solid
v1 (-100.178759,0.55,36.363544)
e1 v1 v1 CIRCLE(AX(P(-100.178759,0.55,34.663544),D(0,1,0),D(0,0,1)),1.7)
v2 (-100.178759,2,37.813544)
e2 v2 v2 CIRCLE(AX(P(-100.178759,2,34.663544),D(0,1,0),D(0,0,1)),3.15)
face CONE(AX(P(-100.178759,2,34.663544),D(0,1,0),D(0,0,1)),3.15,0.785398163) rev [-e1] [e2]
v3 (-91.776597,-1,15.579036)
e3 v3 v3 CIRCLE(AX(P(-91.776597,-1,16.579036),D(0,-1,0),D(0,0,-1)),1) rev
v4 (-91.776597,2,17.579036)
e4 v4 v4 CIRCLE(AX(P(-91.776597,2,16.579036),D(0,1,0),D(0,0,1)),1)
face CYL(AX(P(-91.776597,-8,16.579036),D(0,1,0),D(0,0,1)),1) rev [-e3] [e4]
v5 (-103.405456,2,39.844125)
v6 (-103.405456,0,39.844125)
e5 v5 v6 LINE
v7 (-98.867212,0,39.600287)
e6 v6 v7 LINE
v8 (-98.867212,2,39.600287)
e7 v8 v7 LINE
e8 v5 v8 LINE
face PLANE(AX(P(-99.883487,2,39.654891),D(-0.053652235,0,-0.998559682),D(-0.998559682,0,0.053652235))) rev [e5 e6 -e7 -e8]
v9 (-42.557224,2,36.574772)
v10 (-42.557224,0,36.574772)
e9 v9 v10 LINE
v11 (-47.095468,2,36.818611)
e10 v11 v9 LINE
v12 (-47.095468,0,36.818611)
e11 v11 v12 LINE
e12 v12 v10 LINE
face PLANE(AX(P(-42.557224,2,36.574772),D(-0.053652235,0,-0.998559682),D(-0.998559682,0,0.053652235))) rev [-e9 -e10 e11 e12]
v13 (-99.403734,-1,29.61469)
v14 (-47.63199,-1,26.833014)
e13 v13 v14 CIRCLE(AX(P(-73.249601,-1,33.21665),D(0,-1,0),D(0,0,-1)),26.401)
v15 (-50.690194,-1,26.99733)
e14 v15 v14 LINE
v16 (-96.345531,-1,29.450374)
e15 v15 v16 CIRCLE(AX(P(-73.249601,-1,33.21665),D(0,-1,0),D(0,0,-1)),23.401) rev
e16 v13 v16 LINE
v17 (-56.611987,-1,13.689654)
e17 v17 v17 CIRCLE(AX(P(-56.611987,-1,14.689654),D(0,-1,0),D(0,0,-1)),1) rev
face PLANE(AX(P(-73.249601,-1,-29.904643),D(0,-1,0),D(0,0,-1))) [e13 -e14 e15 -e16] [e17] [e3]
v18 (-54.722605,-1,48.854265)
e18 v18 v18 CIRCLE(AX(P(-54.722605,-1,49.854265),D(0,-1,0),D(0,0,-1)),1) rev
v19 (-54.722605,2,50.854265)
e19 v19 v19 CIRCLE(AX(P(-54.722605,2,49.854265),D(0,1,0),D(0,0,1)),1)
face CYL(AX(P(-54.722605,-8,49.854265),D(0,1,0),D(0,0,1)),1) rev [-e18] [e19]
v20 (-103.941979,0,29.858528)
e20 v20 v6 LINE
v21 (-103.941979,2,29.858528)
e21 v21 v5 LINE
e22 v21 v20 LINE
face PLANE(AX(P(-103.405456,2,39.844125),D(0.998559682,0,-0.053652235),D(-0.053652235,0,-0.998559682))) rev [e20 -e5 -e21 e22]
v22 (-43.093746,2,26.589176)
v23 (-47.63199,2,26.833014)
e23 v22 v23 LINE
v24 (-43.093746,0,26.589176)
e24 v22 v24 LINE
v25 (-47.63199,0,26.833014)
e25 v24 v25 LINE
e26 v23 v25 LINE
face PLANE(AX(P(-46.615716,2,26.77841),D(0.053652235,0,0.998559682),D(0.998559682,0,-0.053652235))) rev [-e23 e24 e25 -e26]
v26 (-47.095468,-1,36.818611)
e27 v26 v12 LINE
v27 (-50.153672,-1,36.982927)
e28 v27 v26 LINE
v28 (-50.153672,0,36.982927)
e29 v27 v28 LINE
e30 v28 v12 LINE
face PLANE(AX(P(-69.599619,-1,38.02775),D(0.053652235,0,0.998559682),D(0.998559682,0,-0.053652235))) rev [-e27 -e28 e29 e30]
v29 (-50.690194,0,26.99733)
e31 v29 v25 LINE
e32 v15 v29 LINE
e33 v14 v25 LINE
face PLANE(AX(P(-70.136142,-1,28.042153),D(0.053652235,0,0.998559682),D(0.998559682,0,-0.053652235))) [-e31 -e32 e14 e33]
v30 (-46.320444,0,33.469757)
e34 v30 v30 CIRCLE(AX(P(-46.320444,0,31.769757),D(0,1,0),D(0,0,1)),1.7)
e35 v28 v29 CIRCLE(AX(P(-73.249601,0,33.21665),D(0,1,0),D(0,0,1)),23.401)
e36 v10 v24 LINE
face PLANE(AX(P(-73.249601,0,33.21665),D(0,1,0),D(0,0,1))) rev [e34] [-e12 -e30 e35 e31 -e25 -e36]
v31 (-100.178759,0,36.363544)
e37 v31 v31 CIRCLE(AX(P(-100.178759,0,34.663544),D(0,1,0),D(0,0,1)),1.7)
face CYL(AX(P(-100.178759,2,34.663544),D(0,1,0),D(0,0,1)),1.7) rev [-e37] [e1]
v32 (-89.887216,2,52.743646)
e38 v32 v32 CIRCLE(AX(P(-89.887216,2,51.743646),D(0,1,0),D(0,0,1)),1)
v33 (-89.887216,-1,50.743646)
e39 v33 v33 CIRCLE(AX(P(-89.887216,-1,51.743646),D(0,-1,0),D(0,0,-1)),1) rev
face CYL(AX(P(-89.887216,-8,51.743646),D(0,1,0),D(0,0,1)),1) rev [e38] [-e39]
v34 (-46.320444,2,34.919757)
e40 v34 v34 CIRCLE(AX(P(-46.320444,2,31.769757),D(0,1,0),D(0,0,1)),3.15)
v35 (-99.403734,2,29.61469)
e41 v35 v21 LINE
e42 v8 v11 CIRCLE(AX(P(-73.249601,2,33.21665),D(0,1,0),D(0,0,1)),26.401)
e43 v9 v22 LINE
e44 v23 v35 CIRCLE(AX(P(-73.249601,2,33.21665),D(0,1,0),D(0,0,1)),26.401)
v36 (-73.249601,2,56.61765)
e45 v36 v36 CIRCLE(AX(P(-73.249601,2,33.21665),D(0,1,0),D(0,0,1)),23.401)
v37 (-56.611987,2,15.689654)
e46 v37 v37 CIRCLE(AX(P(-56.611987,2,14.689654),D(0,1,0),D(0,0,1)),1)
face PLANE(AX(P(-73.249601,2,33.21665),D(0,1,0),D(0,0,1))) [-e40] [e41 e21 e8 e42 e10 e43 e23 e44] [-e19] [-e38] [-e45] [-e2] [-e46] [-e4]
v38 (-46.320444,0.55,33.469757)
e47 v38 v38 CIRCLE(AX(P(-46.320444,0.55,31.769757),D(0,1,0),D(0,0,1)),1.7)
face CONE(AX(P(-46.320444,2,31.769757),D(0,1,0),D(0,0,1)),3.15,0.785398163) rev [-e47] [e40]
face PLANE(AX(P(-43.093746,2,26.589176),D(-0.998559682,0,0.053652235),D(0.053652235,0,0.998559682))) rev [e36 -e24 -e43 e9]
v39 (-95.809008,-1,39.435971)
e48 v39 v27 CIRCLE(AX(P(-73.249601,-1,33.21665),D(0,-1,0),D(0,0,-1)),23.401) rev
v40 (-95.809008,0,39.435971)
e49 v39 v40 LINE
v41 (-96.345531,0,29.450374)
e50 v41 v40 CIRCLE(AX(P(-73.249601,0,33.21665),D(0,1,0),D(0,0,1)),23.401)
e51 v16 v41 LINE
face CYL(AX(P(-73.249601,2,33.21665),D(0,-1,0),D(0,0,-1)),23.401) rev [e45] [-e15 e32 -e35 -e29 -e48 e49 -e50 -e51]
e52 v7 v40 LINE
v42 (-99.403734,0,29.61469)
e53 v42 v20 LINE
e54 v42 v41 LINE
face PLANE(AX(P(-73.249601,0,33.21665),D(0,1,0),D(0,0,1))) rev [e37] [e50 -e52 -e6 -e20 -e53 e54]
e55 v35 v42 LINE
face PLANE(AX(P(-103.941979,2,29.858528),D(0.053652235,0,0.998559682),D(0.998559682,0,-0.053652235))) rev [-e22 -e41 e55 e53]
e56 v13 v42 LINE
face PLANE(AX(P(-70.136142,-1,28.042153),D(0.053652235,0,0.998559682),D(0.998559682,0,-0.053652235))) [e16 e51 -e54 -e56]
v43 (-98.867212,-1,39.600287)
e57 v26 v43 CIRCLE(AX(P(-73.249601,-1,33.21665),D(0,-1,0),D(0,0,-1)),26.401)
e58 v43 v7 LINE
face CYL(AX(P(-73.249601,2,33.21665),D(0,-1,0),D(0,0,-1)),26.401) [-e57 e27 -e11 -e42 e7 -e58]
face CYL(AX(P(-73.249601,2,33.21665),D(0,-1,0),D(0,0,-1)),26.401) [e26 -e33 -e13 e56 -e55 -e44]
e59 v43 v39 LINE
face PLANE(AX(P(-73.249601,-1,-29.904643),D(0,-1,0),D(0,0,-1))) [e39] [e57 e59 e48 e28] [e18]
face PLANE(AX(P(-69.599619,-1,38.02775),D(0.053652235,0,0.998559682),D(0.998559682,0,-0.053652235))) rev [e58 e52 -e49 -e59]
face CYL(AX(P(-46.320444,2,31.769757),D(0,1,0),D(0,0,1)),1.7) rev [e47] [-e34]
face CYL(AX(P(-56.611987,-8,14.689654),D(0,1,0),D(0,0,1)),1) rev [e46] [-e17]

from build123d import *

# Parameters (mm, degrees)
SKETCH1_R                                      = 23.401000001
BOSS_EXTRUDE1_DEPTH                            = 2
SKETCH2_R                                      = 1
CUT_EXTRUDE1_DEPTH                             = 10
BOSS_EXTRUDE3_START                            = 1
SKETCH6_R                                      = 1
BOSS_EXTRUDE3_DEPTH                            = 1
CSK_FOR_M3_FLAT_HEAD_MACHINE_SCREW1_AT_2_COUNT = 2
CSK_FOR_M3_FLAT_HEAD_MACHINE_SCREW1_AT_2_PITCH = 53.936


with BuildPart() as part:
    # Sketch1 → Boss-Extrude1 (new body)
    with BuildSketch(Plane(origin=(0, 0, 0), x_dir=(1, 0, 0), z_dir=(0, 1, 0))):
        with BuildLine():
            Line((-103.941978749, -29.858528223), (-100.420009087, -29.669294121))
            Line((-100.420009087, -29.669294121), (-99.403734393, -29.614690064))
            ThreePointArc((-99.403734393, -29.614690064), (-74.666073862, -6.853676168), (-47.63199035, -26.833013765))
            Line((-47.63199035, -26.833013765), (-46.615715656, -26.778409709))
            Line((-46.615715656, -26.778409709), (-43.093745994, -26.589175606))
            Line((-43.093745994, -26.589175606), (-42.55722364, -36.574772421))
            Line((-42.55722364, -36.574772421), (-46.079193302, -36.764006524))
            Line((-46.079193302, -36.764006524), (-47.095467996, -36.81861058))
            ThreePointArc((-47.095467996, -36.81861058), (-71.833128527, -59.579624476), (-98.867212039, -39.60028688))
            Line((-98.867212039, -39.60028688), (-99.883486733, -39.654890936))
            Line((-99.883486733, -39.654890936), (-103.405456395, -39.844125039))
            Line((-103.405456395, -39.844125039), (-103.941978749, -29.858528223))
        make_face()
        with Locations(Location((-73.249601195, -33.216650322, 0), (0, 0, 270))):
            Circle(SKETCH1_R, mode=Mode.SUBTRACT)
    extrude(amount=BOSS_EXTRUDE1_DEPTH)

    # Sketch2 → Cut-Extrude1 (cut)
    with BuildSketch(Plane(origin=(0, 2, 0), x_dir=(1, 0, 0), z_dir=(0, 1, 0))):
        with Locations(Location((-91.776597147, -16.579035648, 0), (0, 0, 270))):
            Circle(SKETCH2_R)
        with Locations(Location((-56.611986521, -14.68965437, 0), (0, 0, 270))):
            Circle(SKETCH2_R)
        with Locations(Location((-54.722605242, -49.854264996, 0), (0, 0, 270))):
            Circle(SKETCH2_R)
        with Locations(Location((-89.887215869, -51.743646275, 0), (0, 0, 270))):
            Circle(SKETCH2_R)
    extrude(amount=-CUT_EXTRUDE1_DEPTH, mode=Mode.SUBTRACT)

    # Sketch6 → Boss-Extrude3 (add)
    # profile 1 of 2: a face of its own
    with BuildSketch(Plane.XZ.offset(BOSS_EXTRUDE3_START)):
        with BuildLine():
            ThreePointArc((-47.095467996, 36.81861058), (-71.833128527, 59.579624476), (-98.867212039, 39.60028688))
            Line((-98.867212039, 39.60028688), (-95.809008422, 39.435970752))
            ThreePointArc((-95.809008422, 39.435970752), (-71.994085233, 56.583945432), (-50.153671613, 36.982926708))
            Line((-50.153671613, 36.982926708), (-47.095467996, 36.81861058))
        make_face()
        with Locations(Location((-89.887215869, 51.743646275, 0), (0, 0, 90))):
            Circle(SKETCH6_R, mode=Mode.SUBTRACT)
        with Locations(Location((-54.722605242, 49.854264996, 0), (0, 0, 90))):
            Circle(SKETCH6_R, mode=Mode.SUBTRACT)
    # profile 2 of 2: a face of its own
    with BuildSketch(Plane.XZ.offset(BOSS_EXTRUDE3_START)):
        with BuildLine():
            ThreePointArc((-50.690193967, 26.997329893), (-74.505117156, 9.849355213), (-96.345530776, 29.450373936))
            Line((-96.345530776, 29.450373936), (-99.403734393, 29.614690064))
            ThreePointArc((-99.403734393, 29.614690064), (-74.666073862, 6.853676168), (-47.63199035, 26.833013765))
            Line((-47.63199035, 26.833013765), (-50.690193967, 26.997329893))
        make_face()
        with Locations(Location((-91.776597147, 16.579035648, 0), (0, 0, 90))):
            Circle(SKETCH6_R, mode=Mode.SUBTRACT)
        with Locations(Location((-56.611986521, 14.68965437, 0), (0, 0, 90))):
            Circle(SKETCH6_R, mode=Mode.SUBTRACT)
    extrude(amount=-BOSS_EXTRUDE3_DEPTH)

    # Sketch9 → CSK for M3 Flat Head Machine Screw1 (revolve, cut)
    with BuildSketch(Plane(origin=(-100.178758687, 2, 34.663543807), x_dir=(0, 0, 1), z_dir=(1, 0, 0))):
        Polygon((0, 0), (0, 3.000025), (1.7, 3.000025), (1.7, 1.45), (3.15, 0), align=None)
    csk_for_m3_flat_head_machine_screw1 = revolve(axis=Axis((-100.178758687, 8.35, 34.663543807), (0, -1, 0)), mode=Mode.SUBTRACT)

    # CSK for M3 Flat Head Machine Screw1 at 2: CSK for M3 Flat Head Machine Screw1 ×2
    with Locations(*[Vector(0.9985596815585082, 0, -0.05365223542193572) * (i * CSK_FOR_M3_FLAT_HEAD_MACHINE_SCREW1_AT_2_PITCH) for i in range(1, CSK_FOR_M3_FLAT_HEAD_MACHINE_SCREW1_AT_2_COUNT)]):
        add(csk_for_m3_flat_head_machine_screw1, mode=Mode.SUBTRACT)


solid = part.part
